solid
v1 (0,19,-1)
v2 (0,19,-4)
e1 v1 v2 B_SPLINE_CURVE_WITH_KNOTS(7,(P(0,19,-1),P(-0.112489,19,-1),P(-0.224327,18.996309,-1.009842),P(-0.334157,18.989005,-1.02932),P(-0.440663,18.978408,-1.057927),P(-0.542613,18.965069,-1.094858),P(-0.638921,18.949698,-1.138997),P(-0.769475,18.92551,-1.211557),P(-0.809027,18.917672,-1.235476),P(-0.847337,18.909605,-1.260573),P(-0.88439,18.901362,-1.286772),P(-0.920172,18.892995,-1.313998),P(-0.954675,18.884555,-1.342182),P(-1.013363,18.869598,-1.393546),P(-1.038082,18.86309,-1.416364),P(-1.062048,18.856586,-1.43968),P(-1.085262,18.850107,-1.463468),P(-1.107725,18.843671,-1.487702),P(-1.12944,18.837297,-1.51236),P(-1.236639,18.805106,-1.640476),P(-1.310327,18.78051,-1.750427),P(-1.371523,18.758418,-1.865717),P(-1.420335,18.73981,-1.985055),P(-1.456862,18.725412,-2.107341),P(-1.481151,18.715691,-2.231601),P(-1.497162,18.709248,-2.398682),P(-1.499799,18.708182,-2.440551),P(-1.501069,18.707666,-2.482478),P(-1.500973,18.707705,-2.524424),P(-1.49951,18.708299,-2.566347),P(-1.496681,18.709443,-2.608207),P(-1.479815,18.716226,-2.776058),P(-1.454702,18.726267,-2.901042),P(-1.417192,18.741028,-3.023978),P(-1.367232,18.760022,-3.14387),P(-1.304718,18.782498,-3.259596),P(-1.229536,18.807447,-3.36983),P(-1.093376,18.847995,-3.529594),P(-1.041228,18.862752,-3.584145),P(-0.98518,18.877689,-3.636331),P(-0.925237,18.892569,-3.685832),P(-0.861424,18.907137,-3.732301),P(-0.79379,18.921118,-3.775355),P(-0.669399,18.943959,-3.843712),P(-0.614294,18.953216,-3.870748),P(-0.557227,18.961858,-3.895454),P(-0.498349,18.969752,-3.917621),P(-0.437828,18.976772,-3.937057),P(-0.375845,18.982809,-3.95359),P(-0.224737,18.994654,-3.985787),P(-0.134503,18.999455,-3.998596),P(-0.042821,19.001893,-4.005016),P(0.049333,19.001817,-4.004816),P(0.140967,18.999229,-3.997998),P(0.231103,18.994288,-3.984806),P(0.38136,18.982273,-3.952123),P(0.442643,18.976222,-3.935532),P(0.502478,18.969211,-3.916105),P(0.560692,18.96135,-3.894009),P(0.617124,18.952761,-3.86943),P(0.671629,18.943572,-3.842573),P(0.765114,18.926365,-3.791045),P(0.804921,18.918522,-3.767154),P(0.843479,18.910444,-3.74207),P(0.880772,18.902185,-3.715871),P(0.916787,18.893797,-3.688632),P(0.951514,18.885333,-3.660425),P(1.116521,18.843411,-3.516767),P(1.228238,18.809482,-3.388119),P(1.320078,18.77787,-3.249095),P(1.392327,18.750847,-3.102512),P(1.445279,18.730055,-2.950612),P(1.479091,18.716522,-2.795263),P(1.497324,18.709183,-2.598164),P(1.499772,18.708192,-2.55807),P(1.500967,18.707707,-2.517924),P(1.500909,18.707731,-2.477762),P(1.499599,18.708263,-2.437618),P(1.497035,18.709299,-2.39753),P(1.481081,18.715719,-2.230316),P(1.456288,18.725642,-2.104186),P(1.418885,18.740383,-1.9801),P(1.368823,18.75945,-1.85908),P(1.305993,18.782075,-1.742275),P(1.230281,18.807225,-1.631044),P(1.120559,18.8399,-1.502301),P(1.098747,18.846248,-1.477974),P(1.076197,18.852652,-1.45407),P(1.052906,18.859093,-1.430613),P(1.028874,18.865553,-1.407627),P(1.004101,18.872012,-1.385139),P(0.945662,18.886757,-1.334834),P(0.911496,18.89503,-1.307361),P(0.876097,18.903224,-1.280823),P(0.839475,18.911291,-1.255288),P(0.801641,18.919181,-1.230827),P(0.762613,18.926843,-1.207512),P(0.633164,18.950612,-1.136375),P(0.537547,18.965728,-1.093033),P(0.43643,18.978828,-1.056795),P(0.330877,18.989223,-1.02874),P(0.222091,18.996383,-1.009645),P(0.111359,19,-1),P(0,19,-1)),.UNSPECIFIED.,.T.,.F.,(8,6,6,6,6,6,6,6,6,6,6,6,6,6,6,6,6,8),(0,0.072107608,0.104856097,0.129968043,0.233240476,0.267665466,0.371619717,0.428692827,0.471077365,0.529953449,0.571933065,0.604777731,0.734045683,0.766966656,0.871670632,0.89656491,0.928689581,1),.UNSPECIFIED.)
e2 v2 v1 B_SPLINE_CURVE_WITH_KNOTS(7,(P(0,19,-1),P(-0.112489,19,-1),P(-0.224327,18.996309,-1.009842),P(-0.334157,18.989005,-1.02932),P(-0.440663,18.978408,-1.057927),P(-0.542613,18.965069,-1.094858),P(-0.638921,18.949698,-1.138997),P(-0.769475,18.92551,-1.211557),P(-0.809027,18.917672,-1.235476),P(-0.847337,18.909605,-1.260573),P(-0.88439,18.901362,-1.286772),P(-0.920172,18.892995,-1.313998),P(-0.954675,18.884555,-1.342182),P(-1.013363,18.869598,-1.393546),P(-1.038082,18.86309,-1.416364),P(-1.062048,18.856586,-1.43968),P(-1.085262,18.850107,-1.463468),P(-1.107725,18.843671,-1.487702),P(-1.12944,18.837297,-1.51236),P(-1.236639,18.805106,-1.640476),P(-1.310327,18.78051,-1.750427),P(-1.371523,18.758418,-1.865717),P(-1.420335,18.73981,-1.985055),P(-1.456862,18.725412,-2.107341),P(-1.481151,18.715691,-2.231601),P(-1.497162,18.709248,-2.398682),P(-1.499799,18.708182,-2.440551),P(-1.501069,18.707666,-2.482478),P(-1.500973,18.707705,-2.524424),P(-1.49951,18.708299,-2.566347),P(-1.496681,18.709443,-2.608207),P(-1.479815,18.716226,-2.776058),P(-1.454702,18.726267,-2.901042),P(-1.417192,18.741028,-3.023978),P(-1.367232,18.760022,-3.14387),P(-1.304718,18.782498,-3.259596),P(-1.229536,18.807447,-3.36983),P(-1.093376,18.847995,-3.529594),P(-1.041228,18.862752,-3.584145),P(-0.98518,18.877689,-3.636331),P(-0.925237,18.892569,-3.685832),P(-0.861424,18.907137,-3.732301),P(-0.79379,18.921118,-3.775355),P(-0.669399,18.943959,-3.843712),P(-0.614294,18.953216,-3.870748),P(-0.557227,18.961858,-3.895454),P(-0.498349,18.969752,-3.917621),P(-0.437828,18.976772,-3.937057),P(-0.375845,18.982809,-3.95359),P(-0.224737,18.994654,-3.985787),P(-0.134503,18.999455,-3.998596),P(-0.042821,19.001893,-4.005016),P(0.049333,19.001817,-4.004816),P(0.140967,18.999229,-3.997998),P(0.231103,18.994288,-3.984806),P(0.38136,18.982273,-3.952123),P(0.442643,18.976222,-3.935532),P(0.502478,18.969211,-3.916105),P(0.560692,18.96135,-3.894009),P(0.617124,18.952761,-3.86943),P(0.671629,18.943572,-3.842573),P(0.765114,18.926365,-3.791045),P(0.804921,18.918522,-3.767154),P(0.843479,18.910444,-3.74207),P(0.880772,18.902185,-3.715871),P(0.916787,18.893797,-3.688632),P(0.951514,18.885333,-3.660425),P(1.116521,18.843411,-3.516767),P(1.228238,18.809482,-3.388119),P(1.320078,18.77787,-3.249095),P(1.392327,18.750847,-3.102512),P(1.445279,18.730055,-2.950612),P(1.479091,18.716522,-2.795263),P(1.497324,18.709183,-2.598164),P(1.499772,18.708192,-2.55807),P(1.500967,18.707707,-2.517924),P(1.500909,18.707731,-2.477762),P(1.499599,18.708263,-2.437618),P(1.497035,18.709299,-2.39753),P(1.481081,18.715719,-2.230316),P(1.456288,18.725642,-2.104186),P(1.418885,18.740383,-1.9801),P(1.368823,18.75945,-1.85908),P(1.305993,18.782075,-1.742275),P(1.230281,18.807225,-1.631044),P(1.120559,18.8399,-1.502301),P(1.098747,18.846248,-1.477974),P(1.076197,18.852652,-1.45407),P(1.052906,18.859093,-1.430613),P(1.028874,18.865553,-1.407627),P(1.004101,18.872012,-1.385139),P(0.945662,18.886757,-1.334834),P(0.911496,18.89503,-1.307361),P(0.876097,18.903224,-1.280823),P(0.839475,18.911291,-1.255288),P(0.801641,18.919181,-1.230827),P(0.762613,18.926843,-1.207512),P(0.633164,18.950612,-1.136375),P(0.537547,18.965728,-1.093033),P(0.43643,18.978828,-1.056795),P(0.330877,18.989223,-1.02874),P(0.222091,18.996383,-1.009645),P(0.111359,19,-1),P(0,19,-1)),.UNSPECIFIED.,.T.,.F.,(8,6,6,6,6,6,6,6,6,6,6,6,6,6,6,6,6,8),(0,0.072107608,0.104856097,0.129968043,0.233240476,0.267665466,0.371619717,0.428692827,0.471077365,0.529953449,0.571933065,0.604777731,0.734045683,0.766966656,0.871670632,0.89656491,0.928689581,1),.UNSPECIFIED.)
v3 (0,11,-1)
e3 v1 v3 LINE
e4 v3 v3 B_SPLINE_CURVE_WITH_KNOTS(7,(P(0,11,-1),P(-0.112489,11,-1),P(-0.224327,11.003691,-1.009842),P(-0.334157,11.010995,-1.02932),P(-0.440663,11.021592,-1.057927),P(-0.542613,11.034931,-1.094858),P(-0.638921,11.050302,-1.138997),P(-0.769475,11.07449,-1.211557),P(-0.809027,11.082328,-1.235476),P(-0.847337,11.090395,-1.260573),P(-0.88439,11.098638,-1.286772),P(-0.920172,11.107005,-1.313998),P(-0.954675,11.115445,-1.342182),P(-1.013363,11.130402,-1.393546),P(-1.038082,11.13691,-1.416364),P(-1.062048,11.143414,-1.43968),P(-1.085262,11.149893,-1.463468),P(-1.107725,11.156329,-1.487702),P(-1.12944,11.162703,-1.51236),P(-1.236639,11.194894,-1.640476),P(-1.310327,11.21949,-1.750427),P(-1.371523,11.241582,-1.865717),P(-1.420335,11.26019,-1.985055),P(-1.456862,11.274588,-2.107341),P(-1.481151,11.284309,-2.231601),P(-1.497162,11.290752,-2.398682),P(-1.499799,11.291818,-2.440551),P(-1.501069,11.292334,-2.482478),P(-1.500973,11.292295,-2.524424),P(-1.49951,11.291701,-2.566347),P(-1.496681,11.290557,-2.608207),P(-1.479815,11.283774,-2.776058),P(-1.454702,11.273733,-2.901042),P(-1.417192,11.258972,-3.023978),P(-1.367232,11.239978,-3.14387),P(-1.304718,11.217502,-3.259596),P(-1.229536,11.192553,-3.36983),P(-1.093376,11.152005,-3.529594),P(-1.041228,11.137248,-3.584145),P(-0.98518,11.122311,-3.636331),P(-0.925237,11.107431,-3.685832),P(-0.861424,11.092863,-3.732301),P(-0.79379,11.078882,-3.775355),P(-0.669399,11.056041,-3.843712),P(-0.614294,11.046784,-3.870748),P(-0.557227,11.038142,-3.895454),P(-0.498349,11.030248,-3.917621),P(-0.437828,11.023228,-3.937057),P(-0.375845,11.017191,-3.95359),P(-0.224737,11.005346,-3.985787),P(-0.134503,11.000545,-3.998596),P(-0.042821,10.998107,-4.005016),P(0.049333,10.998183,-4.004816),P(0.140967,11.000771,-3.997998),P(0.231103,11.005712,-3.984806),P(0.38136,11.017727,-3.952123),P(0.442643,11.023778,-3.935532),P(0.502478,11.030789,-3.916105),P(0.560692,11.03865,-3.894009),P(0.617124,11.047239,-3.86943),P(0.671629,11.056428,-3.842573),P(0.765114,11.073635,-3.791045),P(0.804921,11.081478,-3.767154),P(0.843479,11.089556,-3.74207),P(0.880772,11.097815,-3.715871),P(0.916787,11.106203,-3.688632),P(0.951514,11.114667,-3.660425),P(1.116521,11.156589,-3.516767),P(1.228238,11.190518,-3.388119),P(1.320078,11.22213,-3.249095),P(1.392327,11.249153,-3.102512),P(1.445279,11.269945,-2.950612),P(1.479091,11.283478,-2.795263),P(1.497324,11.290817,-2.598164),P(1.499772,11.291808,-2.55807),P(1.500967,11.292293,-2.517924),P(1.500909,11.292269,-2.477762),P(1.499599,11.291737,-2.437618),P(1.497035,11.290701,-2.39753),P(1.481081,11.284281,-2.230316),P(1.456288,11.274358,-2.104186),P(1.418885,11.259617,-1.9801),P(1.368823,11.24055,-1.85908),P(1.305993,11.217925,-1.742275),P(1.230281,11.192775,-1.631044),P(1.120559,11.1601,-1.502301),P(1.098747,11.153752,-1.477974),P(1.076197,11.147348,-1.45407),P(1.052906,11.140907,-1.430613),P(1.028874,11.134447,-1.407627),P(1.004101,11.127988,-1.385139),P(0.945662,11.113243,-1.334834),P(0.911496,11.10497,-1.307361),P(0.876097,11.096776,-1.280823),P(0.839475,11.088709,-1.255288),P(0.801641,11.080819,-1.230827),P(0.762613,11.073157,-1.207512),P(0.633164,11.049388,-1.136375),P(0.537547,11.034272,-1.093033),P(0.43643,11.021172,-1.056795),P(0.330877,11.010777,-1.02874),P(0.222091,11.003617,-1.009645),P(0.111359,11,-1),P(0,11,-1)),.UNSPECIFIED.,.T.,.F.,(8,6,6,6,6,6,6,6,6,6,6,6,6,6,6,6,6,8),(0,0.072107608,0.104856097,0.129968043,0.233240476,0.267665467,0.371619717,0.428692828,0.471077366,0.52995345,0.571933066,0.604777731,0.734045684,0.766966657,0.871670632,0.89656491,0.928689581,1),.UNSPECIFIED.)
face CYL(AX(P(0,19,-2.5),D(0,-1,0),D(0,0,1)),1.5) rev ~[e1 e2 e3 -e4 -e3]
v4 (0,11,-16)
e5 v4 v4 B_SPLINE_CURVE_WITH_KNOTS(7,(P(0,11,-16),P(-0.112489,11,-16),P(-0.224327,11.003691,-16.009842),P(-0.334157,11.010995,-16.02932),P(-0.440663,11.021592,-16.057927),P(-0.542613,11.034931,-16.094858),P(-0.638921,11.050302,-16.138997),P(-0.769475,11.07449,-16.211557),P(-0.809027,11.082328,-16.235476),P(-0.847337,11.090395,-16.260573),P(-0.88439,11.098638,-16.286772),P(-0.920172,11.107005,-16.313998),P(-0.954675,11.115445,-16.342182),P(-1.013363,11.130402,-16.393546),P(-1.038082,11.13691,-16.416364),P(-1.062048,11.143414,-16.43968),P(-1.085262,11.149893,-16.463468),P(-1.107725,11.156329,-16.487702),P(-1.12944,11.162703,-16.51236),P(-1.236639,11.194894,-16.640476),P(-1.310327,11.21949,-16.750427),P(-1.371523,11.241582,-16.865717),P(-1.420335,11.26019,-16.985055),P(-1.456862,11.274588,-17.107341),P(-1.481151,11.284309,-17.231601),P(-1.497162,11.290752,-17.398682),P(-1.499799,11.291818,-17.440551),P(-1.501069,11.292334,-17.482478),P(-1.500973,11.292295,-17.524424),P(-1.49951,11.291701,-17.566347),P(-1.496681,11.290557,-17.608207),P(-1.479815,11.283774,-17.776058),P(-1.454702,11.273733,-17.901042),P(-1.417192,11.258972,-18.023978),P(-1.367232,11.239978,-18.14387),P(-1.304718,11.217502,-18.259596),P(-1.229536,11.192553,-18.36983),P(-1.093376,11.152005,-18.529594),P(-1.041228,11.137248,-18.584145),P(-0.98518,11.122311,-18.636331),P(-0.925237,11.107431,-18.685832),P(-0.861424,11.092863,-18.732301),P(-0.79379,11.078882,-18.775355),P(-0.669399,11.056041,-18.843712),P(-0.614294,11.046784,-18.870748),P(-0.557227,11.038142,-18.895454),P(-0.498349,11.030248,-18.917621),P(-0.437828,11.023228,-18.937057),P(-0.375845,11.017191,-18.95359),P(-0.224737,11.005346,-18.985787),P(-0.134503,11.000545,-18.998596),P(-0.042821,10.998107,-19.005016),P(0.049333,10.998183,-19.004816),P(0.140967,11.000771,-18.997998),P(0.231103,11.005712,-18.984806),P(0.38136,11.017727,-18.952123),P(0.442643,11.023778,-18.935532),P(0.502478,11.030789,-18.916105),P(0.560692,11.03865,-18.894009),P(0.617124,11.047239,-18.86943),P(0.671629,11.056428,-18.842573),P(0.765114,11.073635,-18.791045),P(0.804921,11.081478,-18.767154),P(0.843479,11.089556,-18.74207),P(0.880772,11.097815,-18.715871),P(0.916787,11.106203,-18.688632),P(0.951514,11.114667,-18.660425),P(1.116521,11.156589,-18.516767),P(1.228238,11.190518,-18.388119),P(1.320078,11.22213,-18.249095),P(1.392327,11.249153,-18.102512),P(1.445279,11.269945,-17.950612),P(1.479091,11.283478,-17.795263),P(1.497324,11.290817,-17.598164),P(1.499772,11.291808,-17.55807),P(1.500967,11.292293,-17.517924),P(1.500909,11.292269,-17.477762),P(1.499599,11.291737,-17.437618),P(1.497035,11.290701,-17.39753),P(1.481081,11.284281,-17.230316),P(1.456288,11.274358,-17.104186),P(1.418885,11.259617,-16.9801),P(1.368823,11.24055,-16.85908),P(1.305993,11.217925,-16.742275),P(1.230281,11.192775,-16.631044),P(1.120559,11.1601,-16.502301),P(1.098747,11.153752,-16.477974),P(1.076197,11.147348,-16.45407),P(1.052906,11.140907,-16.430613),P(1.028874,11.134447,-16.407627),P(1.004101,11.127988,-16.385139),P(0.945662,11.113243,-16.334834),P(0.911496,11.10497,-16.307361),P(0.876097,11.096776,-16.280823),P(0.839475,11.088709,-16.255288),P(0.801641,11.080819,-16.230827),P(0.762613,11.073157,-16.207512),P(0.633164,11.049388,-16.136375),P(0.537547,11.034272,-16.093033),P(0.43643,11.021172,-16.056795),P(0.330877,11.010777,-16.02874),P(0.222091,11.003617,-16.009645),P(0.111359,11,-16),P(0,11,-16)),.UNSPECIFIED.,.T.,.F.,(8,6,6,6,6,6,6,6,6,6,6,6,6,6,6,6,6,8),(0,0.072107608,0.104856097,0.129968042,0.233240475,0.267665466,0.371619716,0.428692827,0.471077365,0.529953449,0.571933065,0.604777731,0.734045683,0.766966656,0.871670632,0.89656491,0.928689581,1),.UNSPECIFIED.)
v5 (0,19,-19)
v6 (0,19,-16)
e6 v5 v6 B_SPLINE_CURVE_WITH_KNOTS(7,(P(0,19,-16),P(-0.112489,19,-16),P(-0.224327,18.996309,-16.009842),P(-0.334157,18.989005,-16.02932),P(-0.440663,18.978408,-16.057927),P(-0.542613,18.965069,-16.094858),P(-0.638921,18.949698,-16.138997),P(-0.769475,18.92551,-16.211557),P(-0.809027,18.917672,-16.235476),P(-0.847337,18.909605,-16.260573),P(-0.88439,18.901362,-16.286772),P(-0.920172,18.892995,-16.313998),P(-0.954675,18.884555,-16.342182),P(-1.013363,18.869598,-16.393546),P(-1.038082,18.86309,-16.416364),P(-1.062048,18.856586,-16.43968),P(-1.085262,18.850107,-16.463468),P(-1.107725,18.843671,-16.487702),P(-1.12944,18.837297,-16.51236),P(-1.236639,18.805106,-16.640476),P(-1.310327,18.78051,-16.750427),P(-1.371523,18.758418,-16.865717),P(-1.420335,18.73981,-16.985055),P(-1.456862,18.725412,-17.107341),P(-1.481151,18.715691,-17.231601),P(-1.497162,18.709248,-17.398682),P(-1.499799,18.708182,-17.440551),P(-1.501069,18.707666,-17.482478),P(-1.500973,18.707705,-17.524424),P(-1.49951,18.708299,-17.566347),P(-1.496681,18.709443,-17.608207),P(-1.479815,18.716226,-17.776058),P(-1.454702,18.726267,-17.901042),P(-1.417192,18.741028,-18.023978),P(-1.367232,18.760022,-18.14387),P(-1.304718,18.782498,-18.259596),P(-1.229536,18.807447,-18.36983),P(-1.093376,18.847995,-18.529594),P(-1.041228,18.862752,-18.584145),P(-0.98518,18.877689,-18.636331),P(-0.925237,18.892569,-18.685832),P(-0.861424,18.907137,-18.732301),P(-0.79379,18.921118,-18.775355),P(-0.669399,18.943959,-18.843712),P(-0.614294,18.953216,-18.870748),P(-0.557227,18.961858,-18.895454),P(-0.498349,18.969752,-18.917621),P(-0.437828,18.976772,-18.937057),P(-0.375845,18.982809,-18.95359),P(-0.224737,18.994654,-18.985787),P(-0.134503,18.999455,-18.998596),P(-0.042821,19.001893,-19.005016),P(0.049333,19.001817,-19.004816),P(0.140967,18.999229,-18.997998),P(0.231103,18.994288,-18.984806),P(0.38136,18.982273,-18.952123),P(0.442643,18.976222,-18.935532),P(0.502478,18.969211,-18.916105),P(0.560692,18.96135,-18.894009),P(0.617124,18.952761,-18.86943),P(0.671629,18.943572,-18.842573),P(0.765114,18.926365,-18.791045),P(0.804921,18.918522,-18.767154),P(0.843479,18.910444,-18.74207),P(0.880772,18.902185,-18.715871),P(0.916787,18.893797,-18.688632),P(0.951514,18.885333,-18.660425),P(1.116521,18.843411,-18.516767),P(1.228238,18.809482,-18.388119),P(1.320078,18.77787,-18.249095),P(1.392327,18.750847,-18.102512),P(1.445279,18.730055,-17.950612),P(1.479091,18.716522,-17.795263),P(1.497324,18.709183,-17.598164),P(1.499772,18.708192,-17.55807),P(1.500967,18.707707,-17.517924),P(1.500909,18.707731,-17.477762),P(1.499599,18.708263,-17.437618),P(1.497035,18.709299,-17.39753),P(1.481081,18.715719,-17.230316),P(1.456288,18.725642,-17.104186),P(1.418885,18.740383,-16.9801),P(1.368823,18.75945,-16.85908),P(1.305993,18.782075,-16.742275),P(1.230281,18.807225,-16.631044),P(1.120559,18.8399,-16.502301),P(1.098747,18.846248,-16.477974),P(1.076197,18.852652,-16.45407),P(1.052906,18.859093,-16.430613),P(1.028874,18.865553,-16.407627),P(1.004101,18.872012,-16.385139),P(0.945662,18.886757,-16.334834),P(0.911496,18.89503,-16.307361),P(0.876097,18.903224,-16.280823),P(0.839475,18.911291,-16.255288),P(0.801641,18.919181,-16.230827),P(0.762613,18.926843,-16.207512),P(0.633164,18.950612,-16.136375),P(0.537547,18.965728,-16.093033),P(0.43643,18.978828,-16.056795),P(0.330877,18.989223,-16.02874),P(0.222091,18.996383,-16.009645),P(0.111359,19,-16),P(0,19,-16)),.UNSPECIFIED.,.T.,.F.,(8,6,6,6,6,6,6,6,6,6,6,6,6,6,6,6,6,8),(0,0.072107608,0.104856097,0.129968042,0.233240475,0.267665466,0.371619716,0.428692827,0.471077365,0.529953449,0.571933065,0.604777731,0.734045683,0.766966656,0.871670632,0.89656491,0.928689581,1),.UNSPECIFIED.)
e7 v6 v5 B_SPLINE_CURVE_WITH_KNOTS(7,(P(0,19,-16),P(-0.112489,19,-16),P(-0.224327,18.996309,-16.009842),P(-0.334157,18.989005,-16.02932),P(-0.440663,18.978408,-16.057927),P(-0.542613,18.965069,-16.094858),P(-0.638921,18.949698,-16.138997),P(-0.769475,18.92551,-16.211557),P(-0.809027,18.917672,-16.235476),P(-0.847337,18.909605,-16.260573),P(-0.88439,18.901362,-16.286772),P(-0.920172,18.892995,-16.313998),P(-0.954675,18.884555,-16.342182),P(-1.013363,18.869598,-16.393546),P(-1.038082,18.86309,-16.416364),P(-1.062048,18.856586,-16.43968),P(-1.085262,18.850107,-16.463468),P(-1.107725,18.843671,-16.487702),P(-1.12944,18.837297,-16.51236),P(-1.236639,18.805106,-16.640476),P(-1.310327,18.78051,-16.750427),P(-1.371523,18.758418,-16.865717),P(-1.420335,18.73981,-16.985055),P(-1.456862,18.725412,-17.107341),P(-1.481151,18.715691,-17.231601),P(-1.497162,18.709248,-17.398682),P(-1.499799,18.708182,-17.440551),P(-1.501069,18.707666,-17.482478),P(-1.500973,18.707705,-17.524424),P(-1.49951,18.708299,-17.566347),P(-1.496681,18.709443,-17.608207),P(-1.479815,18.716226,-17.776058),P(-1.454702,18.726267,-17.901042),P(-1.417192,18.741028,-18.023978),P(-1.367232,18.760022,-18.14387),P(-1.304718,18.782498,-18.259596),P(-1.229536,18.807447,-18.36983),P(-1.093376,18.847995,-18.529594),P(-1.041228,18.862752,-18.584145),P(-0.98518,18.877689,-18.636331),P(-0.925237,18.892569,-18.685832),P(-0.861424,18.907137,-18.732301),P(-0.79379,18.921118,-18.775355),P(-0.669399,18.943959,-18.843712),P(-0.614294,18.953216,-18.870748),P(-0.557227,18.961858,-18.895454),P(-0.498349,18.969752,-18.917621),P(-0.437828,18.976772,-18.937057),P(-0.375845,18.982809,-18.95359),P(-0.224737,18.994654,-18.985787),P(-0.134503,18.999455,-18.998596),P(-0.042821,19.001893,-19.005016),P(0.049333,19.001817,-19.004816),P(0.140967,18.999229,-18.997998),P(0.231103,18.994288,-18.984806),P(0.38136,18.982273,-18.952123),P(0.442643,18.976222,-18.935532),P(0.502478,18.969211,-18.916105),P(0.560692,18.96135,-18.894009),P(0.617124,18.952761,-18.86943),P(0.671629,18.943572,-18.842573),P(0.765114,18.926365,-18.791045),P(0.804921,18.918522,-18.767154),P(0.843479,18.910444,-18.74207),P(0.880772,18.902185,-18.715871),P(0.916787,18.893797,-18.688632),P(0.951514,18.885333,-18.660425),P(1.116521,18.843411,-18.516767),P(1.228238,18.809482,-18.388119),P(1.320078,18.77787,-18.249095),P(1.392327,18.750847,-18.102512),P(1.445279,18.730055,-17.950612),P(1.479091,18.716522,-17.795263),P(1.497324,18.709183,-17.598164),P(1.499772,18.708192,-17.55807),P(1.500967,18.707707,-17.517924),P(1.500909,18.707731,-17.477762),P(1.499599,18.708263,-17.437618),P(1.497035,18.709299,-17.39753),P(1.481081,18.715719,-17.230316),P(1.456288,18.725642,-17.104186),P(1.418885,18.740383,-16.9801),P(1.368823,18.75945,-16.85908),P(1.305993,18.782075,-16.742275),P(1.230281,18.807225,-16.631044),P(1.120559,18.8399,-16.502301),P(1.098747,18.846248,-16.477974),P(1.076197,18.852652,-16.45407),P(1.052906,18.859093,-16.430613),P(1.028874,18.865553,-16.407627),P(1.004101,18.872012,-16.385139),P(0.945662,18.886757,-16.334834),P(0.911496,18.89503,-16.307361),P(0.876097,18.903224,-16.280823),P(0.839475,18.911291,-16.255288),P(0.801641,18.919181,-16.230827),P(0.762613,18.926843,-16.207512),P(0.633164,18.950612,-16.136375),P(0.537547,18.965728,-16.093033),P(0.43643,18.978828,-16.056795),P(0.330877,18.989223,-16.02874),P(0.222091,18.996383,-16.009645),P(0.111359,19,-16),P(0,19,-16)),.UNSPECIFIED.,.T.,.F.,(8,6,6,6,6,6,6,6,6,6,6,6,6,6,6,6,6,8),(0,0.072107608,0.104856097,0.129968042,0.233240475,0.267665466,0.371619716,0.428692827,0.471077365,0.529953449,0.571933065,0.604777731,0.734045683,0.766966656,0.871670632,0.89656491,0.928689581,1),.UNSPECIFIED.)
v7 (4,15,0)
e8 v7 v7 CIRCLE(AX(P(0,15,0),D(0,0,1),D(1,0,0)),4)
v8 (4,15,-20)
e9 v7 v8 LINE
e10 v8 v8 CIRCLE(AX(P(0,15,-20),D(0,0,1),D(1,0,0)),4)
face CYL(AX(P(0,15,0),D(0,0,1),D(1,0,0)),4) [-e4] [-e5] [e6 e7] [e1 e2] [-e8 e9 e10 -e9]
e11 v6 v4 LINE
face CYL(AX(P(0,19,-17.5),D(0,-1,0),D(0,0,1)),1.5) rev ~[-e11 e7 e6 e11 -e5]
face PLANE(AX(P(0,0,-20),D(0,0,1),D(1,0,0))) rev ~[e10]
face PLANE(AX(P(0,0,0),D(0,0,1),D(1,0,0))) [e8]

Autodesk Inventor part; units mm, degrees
ref_plane "YZ Plane" through (0, 0, 0) normal (1, 0, 0) x (0, 1, 0)
ref_plane "XY Plane" through (0, 0, 0) normal (0, 0, 1) x (1, 0, 0)
sketch "Sketch1" plane through (0, 0, 0) normal (0, 0, 1) x (1, 0, 0)
  circle A0 centre (0, 15) radius 4 projected
  point P0 (0, 0)
extrude "Extrusion1" add sketch "Sketch1" against normal blind 20
ref_plane "Work Plane1" through (0, 19, 0) normal (0, 1, 0) x (-1, 0, 0)
sketch "Sketch2" plane through (0, 19, 0) normal (0, 1, 0) x (-1, 0, 0)
  line L0 (-4, -20) -> (4, -20) projected
  line L1 (4, 0) -> (-4, 0) projected
  point P0 (0, 0)
  point P1 (0, -2.5)
  point P2 (0, -17.5)
  dimension "d3" = 2.5
  dimension "d4" = 2.5
hole "Hole1" at (0, 19, -2.5) at (0, 19, -17.5) direction (0, -1, 0) diameter 3 end through all
equation "\"d4\" = d3"
properties part number "201 part 22" material "Aluminum 6061-AHC"
